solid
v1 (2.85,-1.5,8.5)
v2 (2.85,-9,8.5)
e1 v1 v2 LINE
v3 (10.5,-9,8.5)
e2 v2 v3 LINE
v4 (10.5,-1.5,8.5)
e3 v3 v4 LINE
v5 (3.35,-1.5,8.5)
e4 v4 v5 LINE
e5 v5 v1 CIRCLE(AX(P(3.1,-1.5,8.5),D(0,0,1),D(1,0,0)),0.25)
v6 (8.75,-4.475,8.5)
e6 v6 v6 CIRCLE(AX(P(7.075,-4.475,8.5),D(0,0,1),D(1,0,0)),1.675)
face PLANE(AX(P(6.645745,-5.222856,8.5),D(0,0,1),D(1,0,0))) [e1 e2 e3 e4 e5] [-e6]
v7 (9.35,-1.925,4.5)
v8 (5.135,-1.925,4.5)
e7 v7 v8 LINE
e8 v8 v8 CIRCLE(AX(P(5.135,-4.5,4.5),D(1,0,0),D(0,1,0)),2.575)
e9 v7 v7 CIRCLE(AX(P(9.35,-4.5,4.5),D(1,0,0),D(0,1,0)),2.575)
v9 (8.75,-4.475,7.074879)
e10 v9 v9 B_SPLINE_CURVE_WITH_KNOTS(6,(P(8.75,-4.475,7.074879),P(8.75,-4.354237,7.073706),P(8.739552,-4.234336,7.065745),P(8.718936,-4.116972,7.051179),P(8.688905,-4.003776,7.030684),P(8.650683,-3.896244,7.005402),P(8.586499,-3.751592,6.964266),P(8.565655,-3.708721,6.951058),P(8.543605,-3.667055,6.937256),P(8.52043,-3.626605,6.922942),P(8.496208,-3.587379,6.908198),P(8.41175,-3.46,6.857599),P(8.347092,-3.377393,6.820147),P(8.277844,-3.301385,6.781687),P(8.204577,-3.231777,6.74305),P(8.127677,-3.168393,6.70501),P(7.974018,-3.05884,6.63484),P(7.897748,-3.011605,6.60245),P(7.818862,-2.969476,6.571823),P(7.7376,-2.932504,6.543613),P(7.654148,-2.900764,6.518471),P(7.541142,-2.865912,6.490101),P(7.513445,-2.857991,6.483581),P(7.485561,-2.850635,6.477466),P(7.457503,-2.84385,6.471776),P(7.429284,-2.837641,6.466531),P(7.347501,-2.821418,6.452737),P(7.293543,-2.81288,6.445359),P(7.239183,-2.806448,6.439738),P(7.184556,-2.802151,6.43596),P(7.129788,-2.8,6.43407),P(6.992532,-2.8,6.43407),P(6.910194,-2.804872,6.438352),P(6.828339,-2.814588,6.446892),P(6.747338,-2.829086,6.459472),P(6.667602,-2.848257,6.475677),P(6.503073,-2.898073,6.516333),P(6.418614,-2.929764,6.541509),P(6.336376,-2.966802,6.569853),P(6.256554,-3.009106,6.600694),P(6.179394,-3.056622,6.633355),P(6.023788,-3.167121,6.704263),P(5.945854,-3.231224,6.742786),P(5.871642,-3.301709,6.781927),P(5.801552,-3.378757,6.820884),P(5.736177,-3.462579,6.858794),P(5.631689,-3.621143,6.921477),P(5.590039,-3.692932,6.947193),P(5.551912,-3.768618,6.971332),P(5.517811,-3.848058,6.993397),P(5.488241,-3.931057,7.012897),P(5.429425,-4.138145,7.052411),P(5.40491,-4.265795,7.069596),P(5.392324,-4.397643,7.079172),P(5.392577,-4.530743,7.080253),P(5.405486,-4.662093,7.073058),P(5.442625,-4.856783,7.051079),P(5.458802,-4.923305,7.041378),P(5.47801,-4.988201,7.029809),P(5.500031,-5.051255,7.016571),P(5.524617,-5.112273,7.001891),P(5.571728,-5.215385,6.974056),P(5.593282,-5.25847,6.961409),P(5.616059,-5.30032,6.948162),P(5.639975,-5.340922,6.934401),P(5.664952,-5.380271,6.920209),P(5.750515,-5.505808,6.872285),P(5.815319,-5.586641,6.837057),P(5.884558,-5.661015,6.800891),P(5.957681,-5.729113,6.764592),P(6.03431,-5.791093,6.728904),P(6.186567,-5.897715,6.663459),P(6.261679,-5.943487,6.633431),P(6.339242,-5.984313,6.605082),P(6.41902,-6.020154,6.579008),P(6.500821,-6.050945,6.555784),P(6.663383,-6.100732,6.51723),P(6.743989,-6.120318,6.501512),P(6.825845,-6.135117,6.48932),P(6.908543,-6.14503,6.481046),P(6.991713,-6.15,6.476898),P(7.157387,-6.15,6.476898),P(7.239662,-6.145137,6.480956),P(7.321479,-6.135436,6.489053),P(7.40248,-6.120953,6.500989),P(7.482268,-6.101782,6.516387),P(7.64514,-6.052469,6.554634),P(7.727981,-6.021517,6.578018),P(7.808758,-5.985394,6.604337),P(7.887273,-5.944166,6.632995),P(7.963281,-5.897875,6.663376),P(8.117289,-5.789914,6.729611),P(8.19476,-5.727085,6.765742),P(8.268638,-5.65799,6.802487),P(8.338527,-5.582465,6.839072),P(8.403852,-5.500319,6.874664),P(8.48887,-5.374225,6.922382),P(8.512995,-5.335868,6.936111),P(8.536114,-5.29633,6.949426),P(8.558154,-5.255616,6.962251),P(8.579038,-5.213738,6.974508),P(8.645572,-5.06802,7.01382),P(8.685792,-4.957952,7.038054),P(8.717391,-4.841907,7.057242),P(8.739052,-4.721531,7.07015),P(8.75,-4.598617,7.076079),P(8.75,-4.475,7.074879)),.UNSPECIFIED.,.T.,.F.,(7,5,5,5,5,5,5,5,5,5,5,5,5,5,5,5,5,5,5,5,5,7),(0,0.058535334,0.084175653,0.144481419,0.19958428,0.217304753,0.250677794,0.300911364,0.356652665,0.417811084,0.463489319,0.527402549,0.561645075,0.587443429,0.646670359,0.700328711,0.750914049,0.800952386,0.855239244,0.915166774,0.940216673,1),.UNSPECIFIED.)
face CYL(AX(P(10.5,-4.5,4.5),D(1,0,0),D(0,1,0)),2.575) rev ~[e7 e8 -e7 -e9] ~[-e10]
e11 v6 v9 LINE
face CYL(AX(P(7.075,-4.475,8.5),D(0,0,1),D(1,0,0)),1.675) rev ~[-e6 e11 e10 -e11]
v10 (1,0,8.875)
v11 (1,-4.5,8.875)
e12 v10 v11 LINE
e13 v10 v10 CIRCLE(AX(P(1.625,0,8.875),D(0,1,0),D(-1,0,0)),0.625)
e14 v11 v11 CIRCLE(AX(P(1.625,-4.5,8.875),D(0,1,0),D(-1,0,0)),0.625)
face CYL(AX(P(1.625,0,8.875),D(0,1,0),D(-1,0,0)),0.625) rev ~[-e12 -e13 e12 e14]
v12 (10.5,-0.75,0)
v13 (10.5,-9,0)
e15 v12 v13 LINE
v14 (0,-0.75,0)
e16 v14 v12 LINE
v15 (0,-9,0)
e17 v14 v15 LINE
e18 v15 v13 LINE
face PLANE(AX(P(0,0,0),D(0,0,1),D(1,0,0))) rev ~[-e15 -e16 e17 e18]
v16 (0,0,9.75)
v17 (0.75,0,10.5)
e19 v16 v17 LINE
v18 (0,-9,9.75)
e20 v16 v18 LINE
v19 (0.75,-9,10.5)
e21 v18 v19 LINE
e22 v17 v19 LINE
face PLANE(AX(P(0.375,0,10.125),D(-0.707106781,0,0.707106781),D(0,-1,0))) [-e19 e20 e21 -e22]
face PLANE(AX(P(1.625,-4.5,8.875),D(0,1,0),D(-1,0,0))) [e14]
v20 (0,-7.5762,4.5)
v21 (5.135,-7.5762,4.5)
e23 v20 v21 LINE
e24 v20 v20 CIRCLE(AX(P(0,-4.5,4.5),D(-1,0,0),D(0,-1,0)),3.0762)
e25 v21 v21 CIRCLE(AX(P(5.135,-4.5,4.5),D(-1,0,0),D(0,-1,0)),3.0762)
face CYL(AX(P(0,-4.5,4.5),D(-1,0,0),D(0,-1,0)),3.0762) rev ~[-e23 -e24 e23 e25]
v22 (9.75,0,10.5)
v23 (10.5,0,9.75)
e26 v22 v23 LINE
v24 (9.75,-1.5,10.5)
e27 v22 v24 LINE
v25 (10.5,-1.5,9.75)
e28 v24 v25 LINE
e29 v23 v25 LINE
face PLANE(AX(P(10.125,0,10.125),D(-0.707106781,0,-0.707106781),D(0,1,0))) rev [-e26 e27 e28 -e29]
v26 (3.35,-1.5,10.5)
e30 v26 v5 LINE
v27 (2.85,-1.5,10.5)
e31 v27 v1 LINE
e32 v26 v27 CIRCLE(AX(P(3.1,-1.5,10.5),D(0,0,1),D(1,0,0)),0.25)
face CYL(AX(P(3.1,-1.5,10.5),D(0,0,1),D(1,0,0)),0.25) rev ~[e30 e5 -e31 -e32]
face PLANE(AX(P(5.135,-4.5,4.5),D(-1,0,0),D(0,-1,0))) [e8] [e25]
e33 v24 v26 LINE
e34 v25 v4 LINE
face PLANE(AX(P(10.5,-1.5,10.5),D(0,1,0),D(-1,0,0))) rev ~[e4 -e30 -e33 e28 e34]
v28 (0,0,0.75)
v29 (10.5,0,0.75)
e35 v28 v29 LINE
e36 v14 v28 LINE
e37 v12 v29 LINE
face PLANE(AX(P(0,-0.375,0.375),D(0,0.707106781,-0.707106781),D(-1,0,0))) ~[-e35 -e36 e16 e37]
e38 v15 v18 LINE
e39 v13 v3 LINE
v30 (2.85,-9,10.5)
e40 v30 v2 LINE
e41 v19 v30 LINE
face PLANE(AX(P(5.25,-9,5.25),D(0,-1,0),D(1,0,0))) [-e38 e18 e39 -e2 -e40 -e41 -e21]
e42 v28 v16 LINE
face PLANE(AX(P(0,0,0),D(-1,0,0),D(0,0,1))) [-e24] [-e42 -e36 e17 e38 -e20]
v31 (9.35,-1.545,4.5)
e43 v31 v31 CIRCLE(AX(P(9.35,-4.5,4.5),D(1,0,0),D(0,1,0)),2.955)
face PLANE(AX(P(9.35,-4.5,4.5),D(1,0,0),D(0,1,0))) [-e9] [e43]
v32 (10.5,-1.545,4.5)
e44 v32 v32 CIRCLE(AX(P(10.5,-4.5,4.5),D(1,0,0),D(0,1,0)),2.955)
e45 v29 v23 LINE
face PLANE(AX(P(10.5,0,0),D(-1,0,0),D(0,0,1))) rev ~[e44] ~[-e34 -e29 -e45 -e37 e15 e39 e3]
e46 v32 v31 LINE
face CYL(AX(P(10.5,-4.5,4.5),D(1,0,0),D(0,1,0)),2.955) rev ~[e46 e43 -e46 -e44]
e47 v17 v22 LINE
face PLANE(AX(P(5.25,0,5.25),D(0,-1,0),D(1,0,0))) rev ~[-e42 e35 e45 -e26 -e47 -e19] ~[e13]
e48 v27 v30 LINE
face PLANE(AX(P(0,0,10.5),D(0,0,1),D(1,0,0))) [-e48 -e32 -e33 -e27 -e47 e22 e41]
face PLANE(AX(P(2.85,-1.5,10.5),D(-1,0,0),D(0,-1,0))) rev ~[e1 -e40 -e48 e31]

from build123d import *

# Parameters (mm, degrees)
F0_W      = 10.5
F0_H      = 10.5
F1_DEPTH  = 9
F2_R      = 3.0762
F3_DEPTH  = 5.135
F4_R      = 2.575
F5_DEPTH  = 25.4
F7_DEPTH  = 2
F8_R      = 1.675
F9_DEPTH  = 3
F10_SIZE  = 0.75
F11_R     = 0.625
F12_DEPTH = 4.5
F13_R     = 2.955
F14_DEPTH = 1.15


with BuildPart() as f1:
    # F0 (on Front) → F1 (new body)
    with BuildSketch(Plane.XZ):
        with Locations((5.25, 5.25)):
            Rectangle(F0_W, F0_H)
    extrude(amount=F1_DEPTH)

    # F2 (on face) → F3 (cut)
    with BuildSketch(Plane(origin=(0, 0, 0), x_dir=(0, -1, 0), z_dir=(-1, 0, 0))):
        with Locations((4.5, 4.5)):
            Circle(F2_R)
    extrude(amount=-F3_DEPTH, mode=Mode.SUBTRACT)

    # F4 (on face) → F5 (cut)
    with BuildSketch(Plane.YZ.offset(10.5)):
        with Locations((-4.5, 4.5)):
            Circle(F4_R)
    extrude(amount=-F5_DEPTH, mode=Mode.SUBTRACT)

    # F6 (on face) → F7 (cut)
    with BuildSketch(Plane.XY.offset(10.5)):
        with BuildLine():
            Line((2.85, -9), (10.5, -9))
            Line((10.5, -9), (10.5, -1.5))
            Line((10.5, -1.5), (3.35, -1.5))
            ThreePointArc((3.35, -1.5), (3.1, -1.75), (2.85, -1.5))
            Line((2.85, -1.5), (2.85, -9))
        make_face()
        with BuildLine():
            ThreePointArc((3.35, -1.5), (3.1, -1.25), (2.85, -1.5))
            Line((2.85, -1.5), (3.35, -1.5))
        make_face()
        with BuildLine():
            Line((3.35, -1.5), (2.85, -1.5))
            ThreePointArc((2.85, -1.5), (3.1, -1.75), (3.35, -1.5))
        make_face()
    extrude(amount=-F7_DEPTH, mode=Mode.SUBTRACT)

    # F8 (on face) → F9 (cut)
    with BuildSketch(Plane.XY.offset(8.5)):
        with Locations((7.075, -4.475)):
            Circle(F8_R)
    extrude(amount=-F9_DEPTH, mode=Mode.SUBTRACT)

    # F10
    f10_edges = [f1.edges().sort_by_distance(p)[0] for p in [
        (0, -4.5, 10.5),
        (5.25, 0, 0),
        (10.5, -0.75, 10.5),
    ]]
    chamfer(f10_edges, length=F10_SIZE)

    # F11 (on face) → F12 (cut)
    with BuildSketch(Plane(origin=(0, 0, 0), x_dir=(-1, 0, 0), z_dir=(0, 1, 0))):
        with Locations((-1.625, 8.875)):
            Circle(F11_R)
    extrude(amount=-F12_DEPTH, mode=Mode.SUBTRACT)

    # F13 (on face) → F14 (cut)
    with BuildSketch(Plane.YZ.offset(10.5)):
        with Locations((-4.5, 4.5)):
            Circle(F13_R)
    extrude(amount=-F14_DEPTH, mode=Mode.SUBTRACT)


solid = f1.part
